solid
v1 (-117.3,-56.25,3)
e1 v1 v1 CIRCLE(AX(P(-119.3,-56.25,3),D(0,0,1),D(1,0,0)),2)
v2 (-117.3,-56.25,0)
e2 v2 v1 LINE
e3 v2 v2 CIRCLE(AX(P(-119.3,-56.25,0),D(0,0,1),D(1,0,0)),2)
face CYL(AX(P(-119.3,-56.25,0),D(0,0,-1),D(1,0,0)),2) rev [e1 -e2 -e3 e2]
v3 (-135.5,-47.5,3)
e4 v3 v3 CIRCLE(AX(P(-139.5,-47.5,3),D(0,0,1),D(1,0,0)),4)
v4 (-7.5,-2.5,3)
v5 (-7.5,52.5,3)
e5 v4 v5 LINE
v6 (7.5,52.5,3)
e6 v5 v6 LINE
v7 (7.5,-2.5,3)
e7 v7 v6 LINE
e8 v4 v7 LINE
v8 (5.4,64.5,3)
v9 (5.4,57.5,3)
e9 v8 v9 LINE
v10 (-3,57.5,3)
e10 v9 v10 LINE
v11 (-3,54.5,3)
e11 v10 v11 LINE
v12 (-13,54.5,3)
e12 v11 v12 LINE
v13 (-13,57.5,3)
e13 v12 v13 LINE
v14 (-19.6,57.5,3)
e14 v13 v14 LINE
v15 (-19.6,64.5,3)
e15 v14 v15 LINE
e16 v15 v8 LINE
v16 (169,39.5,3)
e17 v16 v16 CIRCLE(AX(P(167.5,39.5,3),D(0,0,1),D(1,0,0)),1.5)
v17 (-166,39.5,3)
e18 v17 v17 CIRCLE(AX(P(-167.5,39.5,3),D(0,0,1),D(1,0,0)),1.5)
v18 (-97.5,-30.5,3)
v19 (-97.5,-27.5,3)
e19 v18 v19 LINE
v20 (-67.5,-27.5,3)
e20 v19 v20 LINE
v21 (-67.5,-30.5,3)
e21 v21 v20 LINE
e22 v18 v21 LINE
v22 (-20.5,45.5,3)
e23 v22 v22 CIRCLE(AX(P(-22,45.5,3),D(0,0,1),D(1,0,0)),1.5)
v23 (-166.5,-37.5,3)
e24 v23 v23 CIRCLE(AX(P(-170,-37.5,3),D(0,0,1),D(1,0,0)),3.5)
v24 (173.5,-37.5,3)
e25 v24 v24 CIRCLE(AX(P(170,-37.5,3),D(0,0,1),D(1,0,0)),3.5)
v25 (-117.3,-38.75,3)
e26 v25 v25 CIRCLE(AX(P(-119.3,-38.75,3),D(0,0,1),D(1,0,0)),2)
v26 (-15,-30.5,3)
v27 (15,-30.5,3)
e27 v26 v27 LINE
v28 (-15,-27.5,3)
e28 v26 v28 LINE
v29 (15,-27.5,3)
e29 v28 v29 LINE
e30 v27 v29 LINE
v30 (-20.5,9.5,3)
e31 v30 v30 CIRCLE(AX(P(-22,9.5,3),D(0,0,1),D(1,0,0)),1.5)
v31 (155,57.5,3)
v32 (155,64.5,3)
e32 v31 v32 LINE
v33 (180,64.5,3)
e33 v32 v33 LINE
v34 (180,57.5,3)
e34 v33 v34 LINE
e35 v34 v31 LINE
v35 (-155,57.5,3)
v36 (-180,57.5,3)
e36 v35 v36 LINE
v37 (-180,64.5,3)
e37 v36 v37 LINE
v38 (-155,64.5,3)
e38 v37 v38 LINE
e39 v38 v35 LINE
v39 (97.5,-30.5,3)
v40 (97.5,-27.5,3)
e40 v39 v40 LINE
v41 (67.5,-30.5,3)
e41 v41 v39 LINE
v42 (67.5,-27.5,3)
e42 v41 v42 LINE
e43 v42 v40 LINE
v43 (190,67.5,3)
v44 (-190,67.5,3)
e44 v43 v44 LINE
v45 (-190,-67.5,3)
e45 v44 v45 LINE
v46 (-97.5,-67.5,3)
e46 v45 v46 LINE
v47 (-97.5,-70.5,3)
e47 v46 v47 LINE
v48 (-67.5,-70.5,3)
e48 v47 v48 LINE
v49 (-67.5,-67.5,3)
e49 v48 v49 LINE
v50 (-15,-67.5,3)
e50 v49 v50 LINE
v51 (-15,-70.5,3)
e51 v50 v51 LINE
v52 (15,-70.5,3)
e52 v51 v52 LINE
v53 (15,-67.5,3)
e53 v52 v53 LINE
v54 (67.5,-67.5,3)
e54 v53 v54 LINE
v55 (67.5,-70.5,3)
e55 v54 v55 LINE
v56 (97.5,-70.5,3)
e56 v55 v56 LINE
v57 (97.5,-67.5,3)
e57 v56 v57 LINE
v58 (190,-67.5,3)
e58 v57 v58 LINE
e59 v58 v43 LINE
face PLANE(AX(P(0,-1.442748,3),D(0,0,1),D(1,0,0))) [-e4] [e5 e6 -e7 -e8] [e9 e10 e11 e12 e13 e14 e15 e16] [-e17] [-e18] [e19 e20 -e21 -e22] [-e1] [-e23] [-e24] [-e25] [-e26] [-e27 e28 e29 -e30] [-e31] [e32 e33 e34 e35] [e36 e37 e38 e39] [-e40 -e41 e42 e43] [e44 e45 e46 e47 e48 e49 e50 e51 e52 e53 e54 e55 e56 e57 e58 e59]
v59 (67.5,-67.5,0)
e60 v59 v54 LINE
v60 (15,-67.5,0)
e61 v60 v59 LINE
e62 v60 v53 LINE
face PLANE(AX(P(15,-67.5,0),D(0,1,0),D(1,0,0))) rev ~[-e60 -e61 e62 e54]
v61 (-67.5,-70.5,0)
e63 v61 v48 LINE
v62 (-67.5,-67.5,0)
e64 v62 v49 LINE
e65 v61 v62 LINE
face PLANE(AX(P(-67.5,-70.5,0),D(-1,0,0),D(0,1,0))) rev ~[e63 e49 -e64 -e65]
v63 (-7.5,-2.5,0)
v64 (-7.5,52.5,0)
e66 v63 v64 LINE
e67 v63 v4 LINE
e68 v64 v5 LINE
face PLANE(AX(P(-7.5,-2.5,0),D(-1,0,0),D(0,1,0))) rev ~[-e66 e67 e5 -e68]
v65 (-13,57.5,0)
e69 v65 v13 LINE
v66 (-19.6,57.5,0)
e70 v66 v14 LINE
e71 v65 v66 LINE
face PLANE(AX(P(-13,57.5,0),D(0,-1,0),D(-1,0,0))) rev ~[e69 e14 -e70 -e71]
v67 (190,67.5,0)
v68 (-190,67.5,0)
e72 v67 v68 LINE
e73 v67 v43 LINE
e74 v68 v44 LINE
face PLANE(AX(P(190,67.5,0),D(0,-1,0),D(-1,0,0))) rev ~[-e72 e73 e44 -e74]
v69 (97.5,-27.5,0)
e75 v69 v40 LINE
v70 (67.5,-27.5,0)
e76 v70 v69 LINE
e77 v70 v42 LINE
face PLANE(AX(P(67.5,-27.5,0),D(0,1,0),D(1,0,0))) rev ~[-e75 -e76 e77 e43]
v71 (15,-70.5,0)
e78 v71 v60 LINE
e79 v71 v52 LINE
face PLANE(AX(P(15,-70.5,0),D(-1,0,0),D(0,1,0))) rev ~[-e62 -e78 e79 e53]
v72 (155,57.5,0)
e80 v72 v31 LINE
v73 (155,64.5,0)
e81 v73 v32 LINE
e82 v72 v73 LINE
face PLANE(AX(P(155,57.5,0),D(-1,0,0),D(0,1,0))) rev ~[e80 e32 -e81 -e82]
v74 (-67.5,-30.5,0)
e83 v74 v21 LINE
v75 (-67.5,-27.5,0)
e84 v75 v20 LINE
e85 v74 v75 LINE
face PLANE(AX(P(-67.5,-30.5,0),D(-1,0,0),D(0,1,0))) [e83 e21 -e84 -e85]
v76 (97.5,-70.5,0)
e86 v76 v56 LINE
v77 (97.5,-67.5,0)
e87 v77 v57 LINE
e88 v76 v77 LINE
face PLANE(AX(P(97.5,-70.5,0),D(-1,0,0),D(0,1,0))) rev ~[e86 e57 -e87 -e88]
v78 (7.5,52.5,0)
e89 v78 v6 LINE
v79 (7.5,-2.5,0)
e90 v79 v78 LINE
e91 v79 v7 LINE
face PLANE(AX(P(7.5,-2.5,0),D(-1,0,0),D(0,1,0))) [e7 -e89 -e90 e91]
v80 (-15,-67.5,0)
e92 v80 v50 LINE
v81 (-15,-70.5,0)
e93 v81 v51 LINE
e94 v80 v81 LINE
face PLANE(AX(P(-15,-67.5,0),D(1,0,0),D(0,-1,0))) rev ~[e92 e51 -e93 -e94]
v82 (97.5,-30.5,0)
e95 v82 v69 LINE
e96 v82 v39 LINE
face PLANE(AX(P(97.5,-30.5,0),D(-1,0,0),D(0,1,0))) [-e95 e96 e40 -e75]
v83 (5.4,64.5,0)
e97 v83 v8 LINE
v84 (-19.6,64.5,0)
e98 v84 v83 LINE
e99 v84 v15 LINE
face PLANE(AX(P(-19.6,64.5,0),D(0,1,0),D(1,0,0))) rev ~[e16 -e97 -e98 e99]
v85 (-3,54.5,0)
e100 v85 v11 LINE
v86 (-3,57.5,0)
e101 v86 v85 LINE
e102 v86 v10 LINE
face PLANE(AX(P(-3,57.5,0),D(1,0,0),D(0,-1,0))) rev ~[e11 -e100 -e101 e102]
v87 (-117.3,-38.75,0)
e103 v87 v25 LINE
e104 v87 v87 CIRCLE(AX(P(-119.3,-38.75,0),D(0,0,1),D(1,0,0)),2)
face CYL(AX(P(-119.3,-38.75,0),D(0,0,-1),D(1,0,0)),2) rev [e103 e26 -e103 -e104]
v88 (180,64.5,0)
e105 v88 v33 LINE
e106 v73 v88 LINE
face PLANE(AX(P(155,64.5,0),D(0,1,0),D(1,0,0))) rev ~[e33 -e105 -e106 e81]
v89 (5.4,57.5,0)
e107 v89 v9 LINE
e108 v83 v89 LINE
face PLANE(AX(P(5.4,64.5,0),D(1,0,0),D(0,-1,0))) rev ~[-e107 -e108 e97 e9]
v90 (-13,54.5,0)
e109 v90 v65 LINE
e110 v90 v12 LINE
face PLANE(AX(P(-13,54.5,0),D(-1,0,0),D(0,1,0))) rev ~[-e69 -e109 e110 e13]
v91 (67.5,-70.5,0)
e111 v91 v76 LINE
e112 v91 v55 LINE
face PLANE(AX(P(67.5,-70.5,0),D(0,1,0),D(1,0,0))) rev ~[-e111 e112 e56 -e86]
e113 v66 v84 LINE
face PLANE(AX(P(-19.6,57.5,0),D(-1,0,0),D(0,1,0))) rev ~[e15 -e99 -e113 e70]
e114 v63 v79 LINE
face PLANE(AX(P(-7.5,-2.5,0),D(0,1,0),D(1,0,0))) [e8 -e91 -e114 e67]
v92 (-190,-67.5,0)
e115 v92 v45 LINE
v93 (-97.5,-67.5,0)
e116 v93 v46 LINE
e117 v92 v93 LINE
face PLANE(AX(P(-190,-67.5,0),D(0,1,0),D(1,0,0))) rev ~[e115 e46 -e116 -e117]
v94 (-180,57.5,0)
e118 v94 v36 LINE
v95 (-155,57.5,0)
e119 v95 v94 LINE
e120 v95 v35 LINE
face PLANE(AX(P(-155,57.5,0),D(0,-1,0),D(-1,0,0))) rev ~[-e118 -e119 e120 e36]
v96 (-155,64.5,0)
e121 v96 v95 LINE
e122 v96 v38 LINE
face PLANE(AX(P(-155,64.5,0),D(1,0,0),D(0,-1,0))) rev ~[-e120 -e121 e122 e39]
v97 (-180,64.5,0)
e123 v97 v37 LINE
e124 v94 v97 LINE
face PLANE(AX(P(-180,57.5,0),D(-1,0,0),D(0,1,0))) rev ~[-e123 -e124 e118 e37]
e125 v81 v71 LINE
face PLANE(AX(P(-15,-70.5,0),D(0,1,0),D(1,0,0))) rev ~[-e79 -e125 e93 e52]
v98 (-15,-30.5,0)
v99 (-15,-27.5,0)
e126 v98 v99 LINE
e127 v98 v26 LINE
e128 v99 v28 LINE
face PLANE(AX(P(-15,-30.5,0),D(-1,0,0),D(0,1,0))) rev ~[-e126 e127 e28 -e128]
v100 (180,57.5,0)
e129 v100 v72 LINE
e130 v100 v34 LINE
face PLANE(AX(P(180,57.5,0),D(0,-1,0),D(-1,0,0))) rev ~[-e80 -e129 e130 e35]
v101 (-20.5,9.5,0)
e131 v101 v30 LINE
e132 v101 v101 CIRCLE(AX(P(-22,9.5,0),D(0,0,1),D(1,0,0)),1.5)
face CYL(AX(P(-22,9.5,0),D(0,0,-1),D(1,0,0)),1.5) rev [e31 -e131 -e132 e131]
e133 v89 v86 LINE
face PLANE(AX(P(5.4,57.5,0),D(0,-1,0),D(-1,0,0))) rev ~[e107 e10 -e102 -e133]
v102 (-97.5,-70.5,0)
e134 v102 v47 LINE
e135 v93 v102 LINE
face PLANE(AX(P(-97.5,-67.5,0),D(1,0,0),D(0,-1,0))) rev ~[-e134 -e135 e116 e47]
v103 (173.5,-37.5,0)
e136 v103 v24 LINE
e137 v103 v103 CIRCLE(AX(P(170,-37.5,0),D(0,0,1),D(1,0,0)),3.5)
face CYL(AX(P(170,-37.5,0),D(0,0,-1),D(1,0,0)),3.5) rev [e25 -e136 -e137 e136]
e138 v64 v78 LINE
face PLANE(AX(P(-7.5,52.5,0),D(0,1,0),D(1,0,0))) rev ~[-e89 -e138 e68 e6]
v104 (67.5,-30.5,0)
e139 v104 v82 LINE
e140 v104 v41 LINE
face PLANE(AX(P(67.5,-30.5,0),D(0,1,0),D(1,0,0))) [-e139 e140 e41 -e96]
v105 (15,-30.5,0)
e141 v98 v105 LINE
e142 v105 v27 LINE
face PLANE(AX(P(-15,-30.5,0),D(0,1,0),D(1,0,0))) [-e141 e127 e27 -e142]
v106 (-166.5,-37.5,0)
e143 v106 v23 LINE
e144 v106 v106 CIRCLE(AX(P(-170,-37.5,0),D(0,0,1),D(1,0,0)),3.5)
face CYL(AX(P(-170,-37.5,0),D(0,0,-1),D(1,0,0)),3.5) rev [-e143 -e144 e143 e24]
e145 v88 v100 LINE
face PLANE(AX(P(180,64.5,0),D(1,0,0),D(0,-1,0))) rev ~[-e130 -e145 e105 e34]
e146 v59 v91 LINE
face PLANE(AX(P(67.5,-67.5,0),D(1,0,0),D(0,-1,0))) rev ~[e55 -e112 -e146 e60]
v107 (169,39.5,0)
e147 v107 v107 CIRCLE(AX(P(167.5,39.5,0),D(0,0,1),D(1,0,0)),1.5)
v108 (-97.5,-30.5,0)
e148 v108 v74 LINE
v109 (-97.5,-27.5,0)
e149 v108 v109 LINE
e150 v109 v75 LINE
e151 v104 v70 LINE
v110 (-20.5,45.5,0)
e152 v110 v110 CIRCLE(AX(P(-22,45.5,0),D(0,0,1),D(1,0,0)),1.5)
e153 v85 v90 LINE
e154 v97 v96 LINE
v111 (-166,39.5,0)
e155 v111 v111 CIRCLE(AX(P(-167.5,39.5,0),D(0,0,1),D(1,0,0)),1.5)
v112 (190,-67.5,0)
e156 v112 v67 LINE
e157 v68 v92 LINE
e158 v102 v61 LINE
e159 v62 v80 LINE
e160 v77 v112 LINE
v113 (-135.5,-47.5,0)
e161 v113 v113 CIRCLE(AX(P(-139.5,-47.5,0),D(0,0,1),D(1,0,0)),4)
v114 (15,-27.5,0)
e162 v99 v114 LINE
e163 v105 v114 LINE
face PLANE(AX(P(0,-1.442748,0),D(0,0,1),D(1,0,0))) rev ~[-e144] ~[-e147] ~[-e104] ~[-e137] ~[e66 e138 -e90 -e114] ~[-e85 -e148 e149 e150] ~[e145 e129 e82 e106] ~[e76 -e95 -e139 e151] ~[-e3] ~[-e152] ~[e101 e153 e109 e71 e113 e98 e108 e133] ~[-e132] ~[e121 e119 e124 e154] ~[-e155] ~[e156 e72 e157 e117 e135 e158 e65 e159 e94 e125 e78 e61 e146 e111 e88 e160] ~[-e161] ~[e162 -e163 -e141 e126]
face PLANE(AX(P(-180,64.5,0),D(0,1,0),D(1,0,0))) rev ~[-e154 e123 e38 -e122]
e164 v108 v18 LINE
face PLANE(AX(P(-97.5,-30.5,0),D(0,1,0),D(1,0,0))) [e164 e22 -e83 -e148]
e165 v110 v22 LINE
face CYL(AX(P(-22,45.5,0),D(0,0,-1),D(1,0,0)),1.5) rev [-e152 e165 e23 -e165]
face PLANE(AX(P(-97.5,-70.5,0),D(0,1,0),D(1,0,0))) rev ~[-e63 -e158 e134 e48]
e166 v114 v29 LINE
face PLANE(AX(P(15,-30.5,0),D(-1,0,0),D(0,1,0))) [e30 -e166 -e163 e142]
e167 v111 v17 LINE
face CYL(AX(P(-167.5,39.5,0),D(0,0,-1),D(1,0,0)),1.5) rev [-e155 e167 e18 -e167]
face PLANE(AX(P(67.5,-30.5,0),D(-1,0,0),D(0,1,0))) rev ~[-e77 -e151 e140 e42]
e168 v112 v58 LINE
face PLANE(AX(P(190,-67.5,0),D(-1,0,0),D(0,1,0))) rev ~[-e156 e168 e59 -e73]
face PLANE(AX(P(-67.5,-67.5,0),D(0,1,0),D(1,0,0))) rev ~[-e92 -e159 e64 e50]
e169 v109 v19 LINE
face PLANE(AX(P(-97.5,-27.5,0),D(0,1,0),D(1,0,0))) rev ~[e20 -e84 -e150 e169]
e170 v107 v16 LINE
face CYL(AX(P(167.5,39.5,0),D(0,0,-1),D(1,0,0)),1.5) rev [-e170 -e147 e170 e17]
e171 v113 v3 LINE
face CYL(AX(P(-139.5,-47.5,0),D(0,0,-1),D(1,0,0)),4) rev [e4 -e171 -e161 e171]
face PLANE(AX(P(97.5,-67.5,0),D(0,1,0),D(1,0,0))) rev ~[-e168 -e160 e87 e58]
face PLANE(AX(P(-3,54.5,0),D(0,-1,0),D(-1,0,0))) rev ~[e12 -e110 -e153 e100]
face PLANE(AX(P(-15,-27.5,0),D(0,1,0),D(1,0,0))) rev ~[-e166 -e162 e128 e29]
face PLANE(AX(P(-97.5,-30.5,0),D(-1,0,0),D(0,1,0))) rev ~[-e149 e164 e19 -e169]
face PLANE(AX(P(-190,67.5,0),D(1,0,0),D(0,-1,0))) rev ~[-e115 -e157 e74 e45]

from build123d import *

# Parameters (mm, degrees)
CROQUIS1_R              = 2
CROQUIS1_R_2            = 3.5
CROQUIS1_R_3            = 4
CROQUIS1_W              = 30
CROQUIS1_H              = 3
CROQUIS1_R_4            = 1.5
CROQUIS1_W_2            = 15
CROQUIS1_H_2            = 55
SALIENTE_EXTRUIR4_DEPTH = 3


with BuildPart() as part:
    # Croquis1 → Saliente-Extruir4 (new body)
    with BuildSketch(Plane.XY):
        Polygon((-190, 67.5), (-190, -67.5), (-97.5, -67.5), (-97.5, -70.5), (-67.5, -70.5), (-67.5, -67.5), (-15, -67.5), (-15, -70.5), (15, -70.5), (15, -67.5), (67.5, -67.5), (67.5, -70.5), (97.5, -70.5), (97.5, -67.5), (190, -67.5), (190, 67.5), align=None)
        with Locations((-119.3, -56.25)):
            Circle(CROQUIS1_R, mode=Mode.SUBTRACT)
        with Locations((-170, -37.5)):
            Circle(CROQUIS1_R_2, mode=Mode.SUBTRACT)
        with Locations((-139.5, -47.5)):
            Circle(CROQUIS1_R_3, mode=Mode.SUBTRACT)
        with Locations((-119.3, -38.75)):
            Circle(CROQUIS1_R, mode=Mode.SUBTRACT)
        with Locations((-82.5, -29)):
            Rectangle(CROQUIS1_W, CROQUIS1_H, mode=Mode.SUBTRACT)
        with Locations((170, -37.5)):
            Circle(CROQUIS1_R_2, mode=Mode.SUBTRACT)
        with Locations((0, -29)):
            Rectangle(CROQUIS1_W, CROQUIS1_H, mode=Mode.SUBTRACT)
        with Locations((82.5, -29)):
            Rectangle(CROQUIS1_W, CROQUIS1_H, mode=Mode.SUBTRACT)
        with Locations((-22, 9.5)):
            Circle(CROQUIS1_R_4, mode=Mode.SUBTRACT)
        with Locations((0, 25)):
            Rectangle(CROQUIS1_W_2, CROQUIS1_H_2, mode=Mode.SUBTRACT)
        with Locations((-167.5, 39.5)):
            Circle(CROQUIS1_R_4, mode=Mode.SUBTRACT)
        Polygon((-180, 57.5), (-180, 64.5), (-155, 64.5), (-155, 57.5), (-163.4, 57.5), (-173.4, 57.5), align=None, mode=Mode.SUBTRACT)
        with Locations((-22, 45.5)):
            Circle(CROQUIS1_R_4, mode=Mode.SUBTRACT)
        Polygon((-19.6, 57.5), (-19.6, 64.5), (5.4, 64.5), (5.4, 57.5), (-3, 57.5), (-3, 54.5), (-13, 54.5), (-13, 57.5), align=None, mode=Mode.SUBTRACT)
        with Locations((167.5, 39.5)):
            Circle(CROQUIS1_R_4, mode=Mode.SUBTRACT)
        Polygon((155, 57.5), (155, 64.5), (180, 64.5), (180, 57.5), (171.6, 57.5), (161.6, 57.5), align=None, mode=Mode.SUBTRACT)
    extrude(amount=SALIENTE_EXTRUIR4_DEPTH)


solid = part.part
